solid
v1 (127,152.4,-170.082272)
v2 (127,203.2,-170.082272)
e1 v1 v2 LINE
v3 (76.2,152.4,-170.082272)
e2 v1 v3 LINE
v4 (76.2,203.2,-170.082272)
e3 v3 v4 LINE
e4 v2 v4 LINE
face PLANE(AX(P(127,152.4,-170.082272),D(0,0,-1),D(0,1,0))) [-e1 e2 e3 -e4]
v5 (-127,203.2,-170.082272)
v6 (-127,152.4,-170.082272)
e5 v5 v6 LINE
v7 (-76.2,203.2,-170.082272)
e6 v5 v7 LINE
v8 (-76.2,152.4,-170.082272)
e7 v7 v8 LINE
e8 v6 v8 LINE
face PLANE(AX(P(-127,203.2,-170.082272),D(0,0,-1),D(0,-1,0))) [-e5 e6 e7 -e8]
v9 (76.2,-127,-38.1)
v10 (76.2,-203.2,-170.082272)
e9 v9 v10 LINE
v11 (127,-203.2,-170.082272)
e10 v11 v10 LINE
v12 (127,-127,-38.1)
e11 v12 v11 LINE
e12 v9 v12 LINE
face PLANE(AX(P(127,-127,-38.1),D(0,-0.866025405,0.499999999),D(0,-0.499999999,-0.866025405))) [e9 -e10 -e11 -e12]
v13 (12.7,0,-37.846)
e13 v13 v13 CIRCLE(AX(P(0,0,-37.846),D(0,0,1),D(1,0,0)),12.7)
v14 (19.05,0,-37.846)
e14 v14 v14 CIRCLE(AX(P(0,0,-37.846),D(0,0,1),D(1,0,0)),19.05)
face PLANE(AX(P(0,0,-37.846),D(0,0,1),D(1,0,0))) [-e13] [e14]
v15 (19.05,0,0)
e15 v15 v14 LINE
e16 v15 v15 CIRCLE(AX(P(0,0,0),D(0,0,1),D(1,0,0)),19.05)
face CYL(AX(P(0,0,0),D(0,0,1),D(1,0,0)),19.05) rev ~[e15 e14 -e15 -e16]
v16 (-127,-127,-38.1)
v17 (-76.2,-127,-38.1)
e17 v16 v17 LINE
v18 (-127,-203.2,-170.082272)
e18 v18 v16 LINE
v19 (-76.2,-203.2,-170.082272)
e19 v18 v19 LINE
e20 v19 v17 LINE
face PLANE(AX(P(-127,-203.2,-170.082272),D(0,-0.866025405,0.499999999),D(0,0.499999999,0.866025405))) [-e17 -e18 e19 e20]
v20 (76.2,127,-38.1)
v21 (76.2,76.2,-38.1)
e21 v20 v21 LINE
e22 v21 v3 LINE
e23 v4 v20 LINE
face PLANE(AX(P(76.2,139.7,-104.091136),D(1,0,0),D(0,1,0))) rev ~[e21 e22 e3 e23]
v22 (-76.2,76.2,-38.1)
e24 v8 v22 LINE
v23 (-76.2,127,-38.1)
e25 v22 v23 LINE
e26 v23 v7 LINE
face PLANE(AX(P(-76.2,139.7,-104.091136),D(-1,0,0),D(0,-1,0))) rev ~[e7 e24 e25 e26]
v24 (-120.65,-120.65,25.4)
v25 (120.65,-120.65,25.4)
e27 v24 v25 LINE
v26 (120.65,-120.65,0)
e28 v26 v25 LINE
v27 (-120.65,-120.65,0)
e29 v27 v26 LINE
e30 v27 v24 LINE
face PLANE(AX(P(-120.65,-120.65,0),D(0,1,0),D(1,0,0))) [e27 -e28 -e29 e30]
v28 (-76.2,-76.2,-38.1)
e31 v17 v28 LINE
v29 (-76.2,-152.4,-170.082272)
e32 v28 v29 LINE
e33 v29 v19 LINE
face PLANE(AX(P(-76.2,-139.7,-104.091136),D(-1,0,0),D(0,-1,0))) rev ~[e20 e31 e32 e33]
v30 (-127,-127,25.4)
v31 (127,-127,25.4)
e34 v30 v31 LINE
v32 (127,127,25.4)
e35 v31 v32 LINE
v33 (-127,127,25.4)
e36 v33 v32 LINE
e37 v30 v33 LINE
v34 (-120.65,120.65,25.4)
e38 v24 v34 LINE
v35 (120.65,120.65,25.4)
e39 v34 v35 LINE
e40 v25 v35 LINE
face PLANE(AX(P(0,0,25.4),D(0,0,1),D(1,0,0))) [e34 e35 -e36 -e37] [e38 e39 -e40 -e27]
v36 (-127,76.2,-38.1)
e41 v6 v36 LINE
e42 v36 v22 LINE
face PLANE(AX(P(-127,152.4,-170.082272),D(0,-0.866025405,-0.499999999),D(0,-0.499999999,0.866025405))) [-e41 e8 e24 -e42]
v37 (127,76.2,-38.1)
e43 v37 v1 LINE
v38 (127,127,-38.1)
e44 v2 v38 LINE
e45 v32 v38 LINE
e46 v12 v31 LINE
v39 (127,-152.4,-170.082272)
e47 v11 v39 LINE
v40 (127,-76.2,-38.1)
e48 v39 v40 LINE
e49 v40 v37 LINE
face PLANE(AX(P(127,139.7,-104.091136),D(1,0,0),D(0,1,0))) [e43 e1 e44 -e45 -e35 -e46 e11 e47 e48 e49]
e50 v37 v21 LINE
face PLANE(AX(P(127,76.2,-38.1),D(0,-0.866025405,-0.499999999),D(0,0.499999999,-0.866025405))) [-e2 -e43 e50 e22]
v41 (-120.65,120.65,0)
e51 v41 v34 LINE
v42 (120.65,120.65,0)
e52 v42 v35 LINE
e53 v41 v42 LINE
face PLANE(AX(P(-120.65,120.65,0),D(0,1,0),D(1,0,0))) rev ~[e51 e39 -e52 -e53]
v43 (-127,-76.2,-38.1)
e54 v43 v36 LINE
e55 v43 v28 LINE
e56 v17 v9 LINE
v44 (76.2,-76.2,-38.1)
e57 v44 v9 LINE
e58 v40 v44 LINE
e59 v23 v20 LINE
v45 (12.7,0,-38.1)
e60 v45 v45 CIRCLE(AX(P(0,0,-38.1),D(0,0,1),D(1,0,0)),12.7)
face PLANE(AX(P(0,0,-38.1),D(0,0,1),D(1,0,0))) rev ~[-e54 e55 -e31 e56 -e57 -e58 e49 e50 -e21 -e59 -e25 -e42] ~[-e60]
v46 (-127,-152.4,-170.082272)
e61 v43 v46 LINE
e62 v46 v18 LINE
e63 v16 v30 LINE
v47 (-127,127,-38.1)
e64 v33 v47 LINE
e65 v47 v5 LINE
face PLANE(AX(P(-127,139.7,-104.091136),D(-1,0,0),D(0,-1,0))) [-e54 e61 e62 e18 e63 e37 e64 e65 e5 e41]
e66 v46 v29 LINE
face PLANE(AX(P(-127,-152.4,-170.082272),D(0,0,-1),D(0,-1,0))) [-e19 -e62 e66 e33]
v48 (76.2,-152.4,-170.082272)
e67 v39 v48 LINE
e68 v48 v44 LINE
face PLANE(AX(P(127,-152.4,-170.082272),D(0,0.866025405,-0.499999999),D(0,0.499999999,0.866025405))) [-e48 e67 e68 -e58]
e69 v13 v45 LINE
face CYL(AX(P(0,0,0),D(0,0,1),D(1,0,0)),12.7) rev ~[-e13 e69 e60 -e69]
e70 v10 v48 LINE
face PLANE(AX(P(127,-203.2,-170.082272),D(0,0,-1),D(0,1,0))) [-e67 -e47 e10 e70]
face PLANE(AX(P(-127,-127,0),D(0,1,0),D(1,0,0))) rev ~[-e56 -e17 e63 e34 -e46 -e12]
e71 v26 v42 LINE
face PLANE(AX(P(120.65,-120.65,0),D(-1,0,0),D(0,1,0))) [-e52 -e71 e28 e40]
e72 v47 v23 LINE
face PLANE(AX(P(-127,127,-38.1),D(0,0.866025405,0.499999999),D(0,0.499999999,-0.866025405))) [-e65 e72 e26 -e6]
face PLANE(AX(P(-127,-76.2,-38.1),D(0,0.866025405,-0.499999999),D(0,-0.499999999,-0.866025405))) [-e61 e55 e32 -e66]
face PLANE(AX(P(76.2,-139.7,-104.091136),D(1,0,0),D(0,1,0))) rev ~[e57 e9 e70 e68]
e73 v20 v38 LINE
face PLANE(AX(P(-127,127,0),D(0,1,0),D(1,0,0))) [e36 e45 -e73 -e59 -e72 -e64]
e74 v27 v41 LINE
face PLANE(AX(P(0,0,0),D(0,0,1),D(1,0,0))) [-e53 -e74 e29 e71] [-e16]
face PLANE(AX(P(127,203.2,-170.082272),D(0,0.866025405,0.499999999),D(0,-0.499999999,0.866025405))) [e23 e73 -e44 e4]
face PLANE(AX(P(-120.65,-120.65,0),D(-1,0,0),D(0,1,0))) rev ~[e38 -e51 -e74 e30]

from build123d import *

# Parameters (mm, degrees)
F0_W     = 254
F0_H     = 254
F0_R     = 12.7
F1_DEPTH = 38.1
F2_W     = 254
F2_H     = 254
F2_W_2   = 241.3
F2_H_2   = 241.3
F3_DEPTH = 25.4
F4_R     = 19.05
F5_DEPTH = 37.846
F7_DEPTH = 50.8
F9_DEPTH = 50.8


with BuildPart() as f1:
    # F0 (on Top) → F1 (new body)
    with BuildSketch(Plane.XY):
        Rectangle(F0_W, F0_H)
        Circle(F0_R, mode=Mode.SUBTRACT)
    extrude(amount=-F1_DEPTH)

    # F2 (on face) → F3 (join)
    with BuildSketch(Plane.XY):
        Rectangle(F2_W, F2_H)
        Rectangle(F2_W_2, F2_H_2, mode=Mode.SUBTRACT)
    extrude(amount=F3_DEPTH)

    # F4 (on face) → F5 (cut)
    with BuildSketch(Plane.XY):
        Circle(F4_R)
    extrude(amount=-F5_DEPTH, mode=Mode.SUBTRACT)

    # F6 (on face) → F7 (join)
    with BuildSketch(Plane.YZ.offset(127)):
        Polygon((203.2, -170.082272), (127, -38.1), (76.2, -38.1), (152.4, -170.082272), align=None)
        Polygon((-76.2, -38.1), (-127, -38.1), (-203.2, -170.082272), (-152.4, -170.082272), align=None)
    extrude(amount=-F7_DEPTH)

    # F8 (on face) → F9 (join)
    with BuildSketch(Plane(origin=(-127, 0, 0), x_dir=(0, -1, 0), z_dir=(-1, 0, 0))):
        Polygon((-76.2, -38.1), (-127, -38.1), (-203.2, -170.082272), (-152.4, -170.082272), align=None)
        Polygon((203.2, -170.082272), (127, -38.1), (76.2, -38.1), (152.4, -170.082272), align=None)
    extrude(amount=-F9_DEPTH)


solid = f1.part
